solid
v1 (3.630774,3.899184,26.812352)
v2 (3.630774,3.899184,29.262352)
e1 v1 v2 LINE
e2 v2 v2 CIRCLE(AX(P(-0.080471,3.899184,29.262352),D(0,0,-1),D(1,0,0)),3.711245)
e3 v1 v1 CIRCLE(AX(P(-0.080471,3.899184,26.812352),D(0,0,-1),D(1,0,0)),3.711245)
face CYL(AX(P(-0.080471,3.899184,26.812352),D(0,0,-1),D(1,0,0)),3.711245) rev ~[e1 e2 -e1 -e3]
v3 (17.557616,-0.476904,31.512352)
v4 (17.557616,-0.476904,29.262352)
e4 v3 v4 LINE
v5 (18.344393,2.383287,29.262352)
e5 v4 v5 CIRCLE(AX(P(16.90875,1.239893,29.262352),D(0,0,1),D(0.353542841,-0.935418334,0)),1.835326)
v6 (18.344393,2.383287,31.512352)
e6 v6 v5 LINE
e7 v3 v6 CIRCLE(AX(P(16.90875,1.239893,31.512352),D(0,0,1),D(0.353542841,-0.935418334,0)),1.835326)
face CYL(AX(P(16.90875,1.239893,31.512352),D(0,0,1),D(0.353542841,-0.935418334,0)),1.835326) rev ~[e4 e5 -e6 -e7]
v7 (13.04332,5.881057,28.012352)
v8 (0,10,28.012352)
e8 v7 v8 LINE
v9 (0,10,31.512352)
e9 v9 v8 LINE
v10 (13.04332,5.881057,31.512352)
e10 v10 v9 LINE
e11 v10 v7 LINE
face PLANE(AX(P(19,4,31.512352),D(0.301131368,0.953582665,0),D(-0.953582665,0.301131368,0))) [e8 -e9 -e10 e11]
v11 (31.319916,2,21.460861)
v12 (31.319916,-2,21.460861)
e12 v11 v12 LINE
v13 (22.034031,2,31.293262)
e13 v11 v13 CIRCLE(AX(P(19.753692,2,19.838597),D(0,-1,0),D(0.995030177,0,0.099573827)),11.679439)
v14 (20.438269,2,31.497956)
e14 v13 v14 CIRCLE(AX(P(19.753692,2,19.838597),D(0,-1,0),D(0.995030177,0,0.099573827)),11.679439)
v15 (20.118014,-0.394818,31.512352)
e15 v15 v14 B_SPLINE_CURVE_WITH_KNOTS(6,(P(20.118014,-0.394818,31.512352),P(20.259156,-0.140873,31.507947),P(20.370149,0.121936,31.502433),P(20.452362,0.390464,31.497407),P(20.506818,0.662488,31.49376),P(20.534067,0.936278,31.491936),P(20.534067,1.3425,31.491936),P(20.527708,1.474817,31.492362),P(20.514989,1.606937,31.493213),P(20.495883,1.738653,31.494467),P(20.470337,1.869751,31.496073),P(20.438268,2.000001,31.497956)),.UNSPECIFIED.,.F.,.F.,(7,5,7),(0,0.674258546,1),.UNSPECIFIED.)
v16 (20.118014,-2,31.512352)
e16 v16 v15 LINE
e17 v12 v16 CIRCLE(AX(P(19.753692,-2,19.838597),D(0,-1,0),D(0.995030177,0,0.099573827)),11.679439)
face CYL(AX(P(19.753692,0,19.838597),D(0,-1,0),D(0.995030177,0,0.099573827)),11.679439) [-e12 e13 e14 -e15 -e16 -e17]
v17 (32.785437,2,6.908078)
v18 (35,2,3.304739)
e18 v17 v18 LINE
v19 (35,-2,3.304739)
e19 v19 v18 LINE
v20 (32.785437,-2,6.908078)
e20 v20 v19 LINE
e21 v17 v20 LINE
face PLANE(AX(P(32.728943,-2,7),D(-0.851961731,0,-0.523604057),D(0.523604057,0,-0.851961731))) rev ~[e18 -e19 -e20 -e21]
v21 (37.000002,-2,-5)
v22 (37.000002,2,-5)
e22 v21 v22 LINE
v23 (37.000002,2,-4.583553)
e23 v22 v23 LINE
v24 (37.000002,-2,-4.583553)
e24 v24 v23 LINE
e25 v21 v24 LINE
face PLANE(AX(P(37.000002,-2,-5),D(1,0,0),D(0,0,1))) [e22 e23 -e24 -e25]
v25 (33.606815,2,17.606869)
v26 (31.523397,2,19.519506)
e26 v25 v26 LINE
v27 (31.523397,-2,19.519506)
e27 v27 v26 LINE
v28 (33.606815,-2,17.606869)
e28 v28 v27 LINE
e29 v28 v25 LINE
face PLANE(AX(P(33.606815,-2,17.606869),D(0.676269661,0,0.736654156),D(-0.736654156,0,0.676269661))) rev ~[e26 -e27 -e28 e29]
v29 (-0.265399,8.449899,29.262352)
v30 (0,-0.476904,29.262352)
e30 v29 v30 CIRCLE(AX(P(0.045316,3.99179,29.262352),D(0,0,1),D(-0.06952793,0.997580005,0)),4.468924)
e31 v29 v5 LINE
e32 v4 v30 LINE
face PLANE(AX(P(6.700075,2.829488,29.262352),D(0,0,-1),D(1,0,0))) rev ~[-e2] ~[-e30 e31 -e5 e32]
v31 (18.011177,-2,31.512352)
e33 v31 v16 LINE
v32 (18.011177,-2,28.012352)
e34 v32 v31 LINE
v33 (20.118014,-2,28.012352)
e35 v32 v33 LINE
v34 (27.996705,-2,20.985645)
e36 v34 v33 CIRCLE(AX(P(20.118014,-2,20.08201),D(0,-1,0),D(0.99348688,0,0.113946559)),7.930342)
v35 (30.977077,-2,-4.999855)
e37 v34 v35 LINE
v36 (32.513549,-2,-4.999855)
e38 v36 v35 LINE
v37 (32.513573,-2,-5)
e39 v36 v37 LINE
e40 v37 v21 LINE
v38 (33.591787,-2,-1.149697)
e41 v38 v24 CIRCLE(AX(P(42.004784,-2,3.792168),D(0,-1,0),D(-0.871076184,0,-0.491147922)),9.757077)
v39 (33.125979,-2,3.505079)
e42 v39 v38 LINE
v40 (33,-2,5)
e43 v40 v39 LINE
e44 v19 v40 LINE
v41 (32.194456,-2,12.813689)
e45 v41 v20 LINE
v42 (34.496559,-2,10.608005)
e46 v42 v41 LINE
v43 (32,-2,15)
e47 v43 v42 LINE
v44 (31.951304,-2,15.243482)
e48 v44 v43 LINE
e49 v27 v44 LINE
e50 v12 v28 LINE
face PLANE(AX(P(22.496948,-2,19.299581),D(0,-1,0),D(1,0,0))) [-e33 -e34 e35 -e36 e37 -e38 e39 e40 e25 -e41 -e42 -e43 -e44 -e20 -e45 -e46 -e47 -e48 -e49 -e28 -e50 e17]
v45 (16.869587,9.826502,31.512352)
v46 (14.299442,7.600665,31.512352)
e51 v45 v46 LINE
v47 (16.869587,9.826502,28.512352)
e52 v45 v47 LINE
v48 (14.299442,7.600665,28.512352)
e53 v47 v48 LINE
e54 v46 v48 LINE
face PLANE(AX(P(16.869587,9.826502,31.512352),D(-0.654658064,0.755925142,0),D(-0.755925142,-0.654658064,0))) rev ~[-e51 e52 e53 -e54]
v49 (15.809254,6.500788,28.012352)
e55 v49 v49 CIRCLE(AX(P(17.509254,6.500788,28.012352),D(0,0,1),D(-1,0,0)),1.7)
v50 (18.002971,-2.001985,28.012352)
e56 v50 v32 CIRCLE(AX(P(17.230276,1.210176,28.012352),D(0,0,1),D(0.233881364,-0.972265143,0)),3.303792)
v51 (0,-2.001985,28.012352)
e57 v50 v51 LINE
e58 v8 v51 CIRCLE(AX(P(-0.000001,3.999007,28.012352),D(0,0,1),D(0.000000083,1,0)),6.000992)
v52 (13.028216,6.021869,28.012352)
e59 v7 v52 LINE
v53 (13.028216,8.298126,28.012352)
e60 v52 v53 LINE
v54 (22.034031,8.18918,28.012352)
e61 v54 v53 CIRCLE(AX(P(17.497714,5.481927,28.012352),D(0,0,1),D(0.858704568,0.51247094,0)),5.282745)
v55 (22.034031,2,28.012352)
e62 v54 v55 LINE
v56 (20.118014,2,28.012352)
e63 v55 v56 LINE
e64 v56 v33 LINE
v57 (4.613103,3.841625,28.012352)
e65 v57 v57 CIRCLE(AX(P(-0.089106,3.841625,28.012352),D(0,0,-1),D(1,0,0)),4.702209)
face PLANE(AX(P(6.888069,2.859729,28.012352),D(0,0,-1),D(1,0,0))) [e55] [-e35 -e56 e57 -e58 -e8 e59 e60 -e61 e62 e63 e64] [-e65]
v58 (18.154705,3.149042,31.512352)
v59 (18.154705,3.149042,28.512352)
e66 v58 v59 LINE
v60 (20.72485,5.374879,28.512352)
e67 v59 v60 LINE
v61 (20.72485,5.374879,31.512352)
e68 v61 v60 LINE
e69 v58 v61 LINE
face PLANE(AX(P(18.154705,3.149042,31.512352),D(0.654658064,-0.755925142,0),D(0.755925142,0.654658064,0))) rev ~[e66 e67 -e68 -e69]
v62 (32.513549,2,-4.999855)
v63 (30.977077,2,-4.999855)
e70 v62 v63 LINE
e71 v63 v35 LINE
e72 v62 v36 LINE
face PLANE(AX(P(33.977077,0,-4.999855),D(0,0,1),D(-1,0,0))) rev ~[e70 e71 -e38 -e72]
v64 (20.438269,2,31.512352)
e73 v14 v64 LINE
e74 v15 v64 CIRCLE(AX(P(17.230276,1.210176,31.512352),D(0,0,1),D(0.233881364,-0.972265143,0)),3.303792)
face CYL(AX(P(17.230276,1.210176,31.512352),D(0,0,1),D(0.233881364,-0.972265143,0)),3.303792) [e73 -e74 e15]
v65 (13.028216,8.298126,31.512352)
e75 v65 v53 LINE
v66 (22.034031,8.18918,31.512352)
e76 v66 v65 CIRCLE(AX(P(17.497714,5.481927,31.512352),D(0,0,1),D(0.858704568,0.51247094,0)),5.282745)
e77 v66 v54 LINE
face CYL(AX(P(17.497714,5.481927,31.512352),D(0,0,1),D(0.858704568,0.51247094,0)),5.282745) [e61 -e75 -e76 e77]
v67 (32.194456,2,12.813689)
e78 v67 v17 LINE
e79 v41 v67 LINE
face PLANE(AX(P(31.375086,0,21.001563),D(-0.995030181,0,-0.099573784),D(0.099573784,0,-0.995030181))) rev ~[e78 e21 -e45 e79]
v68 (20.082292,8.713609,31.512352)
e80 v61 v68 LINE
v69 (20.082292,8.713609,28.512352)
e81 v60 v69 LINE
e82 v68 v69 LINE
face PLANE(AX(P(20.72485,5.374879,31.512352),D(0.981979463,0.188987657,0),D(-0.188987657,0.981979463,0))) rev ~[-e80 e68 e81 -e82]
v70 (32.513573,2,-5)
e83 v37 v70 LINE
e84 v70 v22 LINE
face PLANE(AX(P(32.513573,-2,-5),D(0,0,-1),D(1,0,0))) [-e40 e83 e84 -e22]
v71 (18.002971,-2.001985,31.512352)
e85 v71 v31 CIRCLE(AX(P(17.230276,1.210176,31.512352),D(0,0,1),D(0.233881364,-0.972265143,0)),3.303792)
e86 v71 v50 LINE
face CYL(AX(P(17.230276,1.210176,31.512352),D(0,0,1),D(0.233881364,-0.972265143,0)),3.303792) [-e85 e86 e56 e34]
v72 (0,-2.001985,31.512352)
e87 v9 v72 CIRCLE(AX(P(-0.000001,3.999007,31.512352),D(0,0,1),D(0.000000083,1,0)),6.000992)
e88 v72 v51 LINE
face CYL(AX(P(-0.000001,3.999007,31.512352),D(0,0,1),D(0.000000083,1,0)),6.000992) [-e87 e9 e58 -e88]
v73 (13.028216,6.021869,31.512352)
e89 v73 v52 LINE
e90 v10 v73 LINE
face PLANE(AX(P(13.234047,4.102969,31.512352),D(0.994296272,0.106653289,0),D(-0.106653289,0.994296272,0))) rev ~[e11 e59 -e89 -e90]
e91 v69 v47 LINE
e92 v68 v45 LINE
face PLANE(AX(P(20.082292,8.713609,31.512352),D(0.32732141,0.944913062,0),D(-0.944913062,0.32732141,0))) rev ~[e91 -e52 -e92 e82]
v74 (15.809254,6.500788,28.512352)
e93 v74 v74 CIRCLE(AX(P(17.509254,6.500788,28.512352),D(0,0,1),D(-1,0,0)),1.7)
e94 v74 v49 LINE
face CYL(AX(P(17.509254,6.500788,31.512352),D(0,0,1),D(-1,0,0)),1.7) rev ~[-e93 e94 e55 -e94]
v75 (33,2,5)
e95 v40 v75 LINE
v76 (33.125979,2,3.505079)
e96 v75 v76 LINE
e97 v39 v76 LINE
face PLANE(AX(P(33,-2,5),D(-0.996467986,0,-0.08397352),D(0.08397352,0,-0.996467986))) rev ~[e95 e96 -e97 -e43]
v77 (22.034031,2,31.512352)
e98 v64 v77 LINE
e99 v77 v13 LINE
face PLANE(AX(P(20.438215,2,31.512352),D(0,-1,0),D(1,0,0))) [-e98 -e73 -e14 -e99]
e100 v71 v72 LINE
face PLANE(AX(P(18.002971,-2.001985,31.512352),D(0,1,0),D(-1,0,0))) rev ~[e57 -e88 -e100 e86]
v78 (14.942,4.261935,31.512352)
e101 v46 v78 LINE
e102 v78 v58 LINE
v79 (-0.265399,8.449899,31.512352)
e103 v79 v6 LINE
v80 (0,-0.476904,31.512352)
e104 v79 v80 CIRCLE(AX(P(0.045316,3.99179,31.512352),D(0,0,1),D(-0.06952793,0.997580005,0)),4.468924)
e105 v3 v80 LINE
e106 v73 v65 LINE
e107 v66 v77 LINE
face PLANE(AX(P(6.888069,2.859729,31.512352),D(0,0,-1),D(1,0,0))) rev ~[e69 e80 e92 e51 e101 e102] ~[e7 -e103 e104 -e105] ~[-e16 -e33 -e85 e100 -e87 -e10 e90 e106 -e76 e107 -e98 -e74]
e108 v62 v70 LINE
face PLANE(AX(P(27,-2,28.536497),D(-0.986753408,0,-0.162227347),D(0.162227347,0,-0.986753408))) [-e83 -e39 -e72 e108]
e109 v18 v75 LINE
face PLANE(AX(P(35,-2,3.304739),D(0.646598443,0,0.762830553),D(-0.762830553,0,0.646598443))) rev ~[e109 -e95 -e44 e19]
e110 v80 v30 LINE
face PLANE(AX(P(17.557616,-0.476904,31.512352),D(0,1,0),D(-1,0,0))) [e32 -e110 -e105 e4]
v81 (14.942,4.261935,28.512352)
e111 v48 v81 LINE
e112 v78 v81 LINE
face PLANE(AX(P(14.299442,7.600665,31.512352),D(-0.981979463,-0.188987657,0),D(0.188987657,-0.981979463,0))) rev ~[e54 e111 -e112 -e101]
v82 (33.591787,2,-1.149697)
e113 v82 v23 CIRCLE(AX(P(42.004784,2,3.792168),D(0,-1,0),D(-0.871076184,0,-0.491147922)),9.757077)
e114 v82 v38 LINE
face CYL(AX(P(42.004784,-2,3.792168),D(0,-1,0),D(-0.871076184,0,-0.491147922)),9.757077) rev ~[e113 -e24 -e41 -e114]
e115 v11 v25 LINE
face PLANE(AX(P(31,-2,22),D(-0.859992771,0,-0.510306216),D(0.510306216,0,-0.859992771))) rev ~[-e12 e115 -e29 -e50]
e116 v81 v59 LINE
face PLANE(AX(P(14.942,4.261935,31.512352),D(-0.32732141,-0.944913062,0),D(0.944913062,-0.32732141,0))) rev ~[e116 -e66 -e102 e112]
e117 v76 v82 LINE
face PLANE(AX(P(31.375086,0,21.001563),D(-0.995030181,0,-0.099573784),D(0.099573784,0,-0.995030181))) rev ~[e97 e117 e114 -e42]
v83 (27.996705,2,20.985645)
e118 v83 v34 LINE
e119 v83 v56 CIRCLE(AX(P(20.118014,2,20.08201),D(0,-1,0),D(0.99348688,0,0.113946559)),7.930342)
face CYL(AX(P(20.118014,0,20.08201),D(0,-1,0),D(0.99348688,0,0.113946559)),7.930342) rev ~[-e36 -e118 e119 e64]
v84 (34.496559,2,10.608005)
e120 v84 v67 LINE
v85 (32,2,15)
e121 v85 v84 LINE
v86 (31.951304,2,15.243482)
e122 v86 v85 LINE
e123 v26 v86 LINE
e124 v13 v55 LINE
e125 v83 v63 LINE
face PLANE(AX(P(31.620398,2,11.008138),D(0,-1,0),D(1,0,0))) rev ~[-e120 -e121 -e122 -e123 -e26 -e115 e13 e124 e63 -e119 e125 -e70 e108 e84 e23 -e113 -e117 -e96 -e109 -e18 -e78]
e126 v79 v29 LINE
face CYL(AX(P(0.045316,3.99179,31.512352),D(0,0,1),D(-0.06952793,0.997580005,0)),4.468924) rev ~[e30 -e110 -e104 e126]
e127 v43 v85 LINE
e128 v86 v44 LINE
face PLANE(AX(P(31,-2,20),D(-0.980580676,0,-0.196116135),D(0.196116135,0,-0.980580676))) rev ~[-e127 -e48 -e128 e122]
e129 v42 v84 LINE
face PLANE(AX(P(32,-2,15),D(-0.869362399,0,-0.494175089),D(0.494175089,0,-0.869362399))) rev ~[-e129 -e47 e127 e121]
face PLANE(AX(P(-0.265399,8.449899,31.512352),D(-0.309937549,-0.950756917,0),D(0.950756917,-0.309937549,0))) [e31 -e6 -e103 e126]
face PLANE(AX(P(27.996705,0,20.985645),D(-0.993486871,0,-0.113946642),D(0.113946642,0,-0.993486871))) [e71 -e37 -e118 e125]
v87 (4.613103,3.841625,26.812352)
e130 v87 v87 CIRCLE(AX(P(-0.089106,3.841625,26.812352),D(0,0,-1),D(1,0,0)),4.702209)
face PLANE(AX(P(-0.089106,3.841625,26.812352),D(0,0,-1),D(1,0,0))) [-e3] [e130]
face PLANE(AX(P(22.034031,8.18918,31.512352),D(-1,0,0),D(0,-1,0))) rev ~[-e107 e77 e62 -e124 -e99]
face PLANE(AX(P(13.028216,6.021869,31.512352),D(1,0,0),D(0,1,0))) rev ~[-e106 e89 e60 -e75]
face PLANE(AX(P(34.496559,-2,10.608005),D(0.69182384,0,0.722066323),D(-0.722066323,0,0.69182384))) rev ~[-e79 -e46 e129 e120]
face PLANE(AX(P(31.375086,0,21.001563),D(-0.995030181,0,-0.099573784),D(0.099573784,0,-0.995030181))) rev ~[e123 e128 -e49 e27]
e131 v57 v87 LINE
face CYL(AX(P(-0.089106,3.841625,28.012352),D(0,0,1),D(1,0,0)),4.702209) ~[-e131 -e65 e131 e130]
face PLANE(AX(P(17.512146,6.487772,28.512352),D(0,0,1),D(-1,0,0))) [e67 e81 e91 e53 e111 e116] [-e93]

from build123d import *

# Parameters (mm, degrees)
PAD007_DEPTH       = 2
PAD010_DEPTH       = 3.5
POCKET003005_DEPTH = 2.25
SKETCH016_R        = 4.702209
PAD011_DEPTH       = 1.2
SKETCH017_R        = 3.711245
POCKET003006_DEPTH = 5
PAD014_DEPTH       = 3.5
SKETCH031_R        = 1.7
POCKET003015_DEPTH = 5
PAD019_DEPTH       = 4
POCKET003038_DEPTH = 3


with BuildPart() as part:
    # Sketch010 → Pad007 (new body, symmetric)
    with BuildSketch(Plane.XZ):
        with BuildLine():
            Line((0, 28.012352), (20.118014, 28.012352))
            ThreePointArc((27.996705, 20.985645), (25.39647, 26.000475), (20.118014, 28.012352))
            Line((27.996705, 20.985645), (30.977077, -4.999855))
            Line((33.977077, -4.999855), (30.977077, -4.999855))
            Line((31.375086, 21.001563), (33.977077, -4.999855))
            ThreePointArc((31.375086, 21.001563), (27.724484, 28.375327), (20.118014, 31.512352))
            Line((0, 31.512352), (20.118014, 31.512352))
            Line((0, 28.012352), (0, 31.512352))
        make_face()
    extrude(amount=PAD007_DEPTH, both=True)

    # Sketch011 → Pad010 (new body)
    with BuildSketch(Plane(origin=(0, 0, 31.512352), x_dir=(-1, 0, 0), z_dir=(0, 0, 1))):
        with BuildLine():
            Line((-18.002971, 2.001985), (0, 2.001985))
            ThreePointArc((0, -10), (6.000993, -3.999007), (0, 2.001985))
            Line((-19, -4), (0, -10))
            ThreePointArc((-18.002971, 2.001985), (-20.489406, -0.668781), (-19, -4))
        make_face()
    extrude(amount=-PAD010_DEPTH)

    # Sketch015 → Pocket003005 (cut)
    with BuildSketch(Plane(origin=(0, 0, 31.512352), x_dir=(-1, 0, 0), z_dir=(0, 0, 1))):
        with BuildLine():
            Line((-17.557616, 0.476904), (0, 0.476904))
            ThreePointArc((0.265399, -8.449899), (4.421634, -3.858985), (0, 0.476904))
            Line((0.265399, -8.449899), (-18.344393, -2.383287))
            ThreePointArc((-17.557616, 0.476904), (-18.678345, -0.753115), (-18.344393, -2.383287))
        make_face()
    extrude(amount=-POCKET003005_DEPTH, mode=Mode.SUBTRACT)

    # Sketch016 → Pad011 (new body)
    with BuildSketch(Plane(origin=(0, 0, 28.012352), x_dir=(1, 0, 0), z_dir=(0, 0, -1))):
        with Locations((-0.089106, -3.841625)):
            Circle(SKETCH016_R)
    extrude(amount=PAD011_DEPTH)

    # Sketch017 → Pocket003006 (cut)
    with BuildSketch(Plane(origin=(0, 0, 26.812352), x_dir=(1, 0, 0), z_dir=(0, 0, -1))):
        with Locations((-0.080471, -3.899184)):
            Circle(SKETCH017_R)
    extrude(amount=-POCKET003006_DEPTH, mode=Mode.SUBTRACT)

    # Sketch022 → Pad014 (new body)
    with BuildSketch(Plane(origin=(0, 0, 31.512352), x_dir=(-1, 0, 0), z_dir=(0, 0, 1))):
        with BuildLine():
            Line((-20.438215, -2), (-13.234047, -4.102969))
            Line((-13.234047, -4.102969), (-13.028216, -6.021869))
            Line((-13.028216, -6.021869), (-13.028216, -8.298126))
            ThreePointArc((-22.034031, -8.18918), (-17.561616, -10.764285), (-13.028216, -8.298126))
            Line((-22.034031, -8.18918), (-22.034031, -2))
            Line((-20.438215, -2), (-22.034031, -2))
        make_face()
    extrude(amount=-PAD014_DEPTH)

    # Sketch031 → Pocket003015 (cut)
    with BuildSketch(Plane(origin=(0, 0, 31.512352), x_dir=(-1, 0, 0), z_dir=(0, 0, 1))):
        with Locations((-17.509254, -6.500788)):
            Circle(SKETCH031_R)
    extrude(amount=-POCKET003015_DEPTH, mode=Mode.SUBTRACT)

    # Sketch032 → Pad019 (new body)
    with BuildSketch(Plane.XZ.offset(2)):
        with BuildLine():
            Line((27, 28.536497), (32.513573, -5))
            Line((32.513573, -5), (37.000002, -5))
            Line((37.000002, -5), (37.000002, -4.583553))
            ThreePointArc((33.505627, -1), (35.019116, -3.019659), (37.000002, -4.583553))
            Line((33, 5), (33.505627, -1))
            Line((35, 3.304739), (33, 5))
            Line((32.728943, 7), (35, 3.304739))
            Line((32, 13), (32.728943, 7))
            Line((34.496559, 10.608005), (32, 13))
            Line((32, 15), (34.496559, 10.608005))
            Line((31, 20), (32, 15))
            Line((33.606815, 17.606869), (31, 20))
            Line((31, 22), (33.606815, 17.606869))
            Line((27, 28.536497), (31, 22))
        make_face()
    extrude(amount=-PAD019_DEPTH)

    # Sketch074 → Pocket003038 (cut)
    with BuildSketch(Plane(origin=(0, 0, 31.512352), x_dir=(-1, 0, 0), z_dir=(0, 0, 1))):
        Polygon((-16.869587, -9.826502), (-14.299442, -7.600665), (-14.942, -4.261935), (-18.154705, -3.149042), (-20.72485, -5.374879), (-20.082292, -8.713609), align=None)
    extrude(amount=-POCKET003038_DEPTH, mode=Mode.SUBTRACT)


solid = part.part
